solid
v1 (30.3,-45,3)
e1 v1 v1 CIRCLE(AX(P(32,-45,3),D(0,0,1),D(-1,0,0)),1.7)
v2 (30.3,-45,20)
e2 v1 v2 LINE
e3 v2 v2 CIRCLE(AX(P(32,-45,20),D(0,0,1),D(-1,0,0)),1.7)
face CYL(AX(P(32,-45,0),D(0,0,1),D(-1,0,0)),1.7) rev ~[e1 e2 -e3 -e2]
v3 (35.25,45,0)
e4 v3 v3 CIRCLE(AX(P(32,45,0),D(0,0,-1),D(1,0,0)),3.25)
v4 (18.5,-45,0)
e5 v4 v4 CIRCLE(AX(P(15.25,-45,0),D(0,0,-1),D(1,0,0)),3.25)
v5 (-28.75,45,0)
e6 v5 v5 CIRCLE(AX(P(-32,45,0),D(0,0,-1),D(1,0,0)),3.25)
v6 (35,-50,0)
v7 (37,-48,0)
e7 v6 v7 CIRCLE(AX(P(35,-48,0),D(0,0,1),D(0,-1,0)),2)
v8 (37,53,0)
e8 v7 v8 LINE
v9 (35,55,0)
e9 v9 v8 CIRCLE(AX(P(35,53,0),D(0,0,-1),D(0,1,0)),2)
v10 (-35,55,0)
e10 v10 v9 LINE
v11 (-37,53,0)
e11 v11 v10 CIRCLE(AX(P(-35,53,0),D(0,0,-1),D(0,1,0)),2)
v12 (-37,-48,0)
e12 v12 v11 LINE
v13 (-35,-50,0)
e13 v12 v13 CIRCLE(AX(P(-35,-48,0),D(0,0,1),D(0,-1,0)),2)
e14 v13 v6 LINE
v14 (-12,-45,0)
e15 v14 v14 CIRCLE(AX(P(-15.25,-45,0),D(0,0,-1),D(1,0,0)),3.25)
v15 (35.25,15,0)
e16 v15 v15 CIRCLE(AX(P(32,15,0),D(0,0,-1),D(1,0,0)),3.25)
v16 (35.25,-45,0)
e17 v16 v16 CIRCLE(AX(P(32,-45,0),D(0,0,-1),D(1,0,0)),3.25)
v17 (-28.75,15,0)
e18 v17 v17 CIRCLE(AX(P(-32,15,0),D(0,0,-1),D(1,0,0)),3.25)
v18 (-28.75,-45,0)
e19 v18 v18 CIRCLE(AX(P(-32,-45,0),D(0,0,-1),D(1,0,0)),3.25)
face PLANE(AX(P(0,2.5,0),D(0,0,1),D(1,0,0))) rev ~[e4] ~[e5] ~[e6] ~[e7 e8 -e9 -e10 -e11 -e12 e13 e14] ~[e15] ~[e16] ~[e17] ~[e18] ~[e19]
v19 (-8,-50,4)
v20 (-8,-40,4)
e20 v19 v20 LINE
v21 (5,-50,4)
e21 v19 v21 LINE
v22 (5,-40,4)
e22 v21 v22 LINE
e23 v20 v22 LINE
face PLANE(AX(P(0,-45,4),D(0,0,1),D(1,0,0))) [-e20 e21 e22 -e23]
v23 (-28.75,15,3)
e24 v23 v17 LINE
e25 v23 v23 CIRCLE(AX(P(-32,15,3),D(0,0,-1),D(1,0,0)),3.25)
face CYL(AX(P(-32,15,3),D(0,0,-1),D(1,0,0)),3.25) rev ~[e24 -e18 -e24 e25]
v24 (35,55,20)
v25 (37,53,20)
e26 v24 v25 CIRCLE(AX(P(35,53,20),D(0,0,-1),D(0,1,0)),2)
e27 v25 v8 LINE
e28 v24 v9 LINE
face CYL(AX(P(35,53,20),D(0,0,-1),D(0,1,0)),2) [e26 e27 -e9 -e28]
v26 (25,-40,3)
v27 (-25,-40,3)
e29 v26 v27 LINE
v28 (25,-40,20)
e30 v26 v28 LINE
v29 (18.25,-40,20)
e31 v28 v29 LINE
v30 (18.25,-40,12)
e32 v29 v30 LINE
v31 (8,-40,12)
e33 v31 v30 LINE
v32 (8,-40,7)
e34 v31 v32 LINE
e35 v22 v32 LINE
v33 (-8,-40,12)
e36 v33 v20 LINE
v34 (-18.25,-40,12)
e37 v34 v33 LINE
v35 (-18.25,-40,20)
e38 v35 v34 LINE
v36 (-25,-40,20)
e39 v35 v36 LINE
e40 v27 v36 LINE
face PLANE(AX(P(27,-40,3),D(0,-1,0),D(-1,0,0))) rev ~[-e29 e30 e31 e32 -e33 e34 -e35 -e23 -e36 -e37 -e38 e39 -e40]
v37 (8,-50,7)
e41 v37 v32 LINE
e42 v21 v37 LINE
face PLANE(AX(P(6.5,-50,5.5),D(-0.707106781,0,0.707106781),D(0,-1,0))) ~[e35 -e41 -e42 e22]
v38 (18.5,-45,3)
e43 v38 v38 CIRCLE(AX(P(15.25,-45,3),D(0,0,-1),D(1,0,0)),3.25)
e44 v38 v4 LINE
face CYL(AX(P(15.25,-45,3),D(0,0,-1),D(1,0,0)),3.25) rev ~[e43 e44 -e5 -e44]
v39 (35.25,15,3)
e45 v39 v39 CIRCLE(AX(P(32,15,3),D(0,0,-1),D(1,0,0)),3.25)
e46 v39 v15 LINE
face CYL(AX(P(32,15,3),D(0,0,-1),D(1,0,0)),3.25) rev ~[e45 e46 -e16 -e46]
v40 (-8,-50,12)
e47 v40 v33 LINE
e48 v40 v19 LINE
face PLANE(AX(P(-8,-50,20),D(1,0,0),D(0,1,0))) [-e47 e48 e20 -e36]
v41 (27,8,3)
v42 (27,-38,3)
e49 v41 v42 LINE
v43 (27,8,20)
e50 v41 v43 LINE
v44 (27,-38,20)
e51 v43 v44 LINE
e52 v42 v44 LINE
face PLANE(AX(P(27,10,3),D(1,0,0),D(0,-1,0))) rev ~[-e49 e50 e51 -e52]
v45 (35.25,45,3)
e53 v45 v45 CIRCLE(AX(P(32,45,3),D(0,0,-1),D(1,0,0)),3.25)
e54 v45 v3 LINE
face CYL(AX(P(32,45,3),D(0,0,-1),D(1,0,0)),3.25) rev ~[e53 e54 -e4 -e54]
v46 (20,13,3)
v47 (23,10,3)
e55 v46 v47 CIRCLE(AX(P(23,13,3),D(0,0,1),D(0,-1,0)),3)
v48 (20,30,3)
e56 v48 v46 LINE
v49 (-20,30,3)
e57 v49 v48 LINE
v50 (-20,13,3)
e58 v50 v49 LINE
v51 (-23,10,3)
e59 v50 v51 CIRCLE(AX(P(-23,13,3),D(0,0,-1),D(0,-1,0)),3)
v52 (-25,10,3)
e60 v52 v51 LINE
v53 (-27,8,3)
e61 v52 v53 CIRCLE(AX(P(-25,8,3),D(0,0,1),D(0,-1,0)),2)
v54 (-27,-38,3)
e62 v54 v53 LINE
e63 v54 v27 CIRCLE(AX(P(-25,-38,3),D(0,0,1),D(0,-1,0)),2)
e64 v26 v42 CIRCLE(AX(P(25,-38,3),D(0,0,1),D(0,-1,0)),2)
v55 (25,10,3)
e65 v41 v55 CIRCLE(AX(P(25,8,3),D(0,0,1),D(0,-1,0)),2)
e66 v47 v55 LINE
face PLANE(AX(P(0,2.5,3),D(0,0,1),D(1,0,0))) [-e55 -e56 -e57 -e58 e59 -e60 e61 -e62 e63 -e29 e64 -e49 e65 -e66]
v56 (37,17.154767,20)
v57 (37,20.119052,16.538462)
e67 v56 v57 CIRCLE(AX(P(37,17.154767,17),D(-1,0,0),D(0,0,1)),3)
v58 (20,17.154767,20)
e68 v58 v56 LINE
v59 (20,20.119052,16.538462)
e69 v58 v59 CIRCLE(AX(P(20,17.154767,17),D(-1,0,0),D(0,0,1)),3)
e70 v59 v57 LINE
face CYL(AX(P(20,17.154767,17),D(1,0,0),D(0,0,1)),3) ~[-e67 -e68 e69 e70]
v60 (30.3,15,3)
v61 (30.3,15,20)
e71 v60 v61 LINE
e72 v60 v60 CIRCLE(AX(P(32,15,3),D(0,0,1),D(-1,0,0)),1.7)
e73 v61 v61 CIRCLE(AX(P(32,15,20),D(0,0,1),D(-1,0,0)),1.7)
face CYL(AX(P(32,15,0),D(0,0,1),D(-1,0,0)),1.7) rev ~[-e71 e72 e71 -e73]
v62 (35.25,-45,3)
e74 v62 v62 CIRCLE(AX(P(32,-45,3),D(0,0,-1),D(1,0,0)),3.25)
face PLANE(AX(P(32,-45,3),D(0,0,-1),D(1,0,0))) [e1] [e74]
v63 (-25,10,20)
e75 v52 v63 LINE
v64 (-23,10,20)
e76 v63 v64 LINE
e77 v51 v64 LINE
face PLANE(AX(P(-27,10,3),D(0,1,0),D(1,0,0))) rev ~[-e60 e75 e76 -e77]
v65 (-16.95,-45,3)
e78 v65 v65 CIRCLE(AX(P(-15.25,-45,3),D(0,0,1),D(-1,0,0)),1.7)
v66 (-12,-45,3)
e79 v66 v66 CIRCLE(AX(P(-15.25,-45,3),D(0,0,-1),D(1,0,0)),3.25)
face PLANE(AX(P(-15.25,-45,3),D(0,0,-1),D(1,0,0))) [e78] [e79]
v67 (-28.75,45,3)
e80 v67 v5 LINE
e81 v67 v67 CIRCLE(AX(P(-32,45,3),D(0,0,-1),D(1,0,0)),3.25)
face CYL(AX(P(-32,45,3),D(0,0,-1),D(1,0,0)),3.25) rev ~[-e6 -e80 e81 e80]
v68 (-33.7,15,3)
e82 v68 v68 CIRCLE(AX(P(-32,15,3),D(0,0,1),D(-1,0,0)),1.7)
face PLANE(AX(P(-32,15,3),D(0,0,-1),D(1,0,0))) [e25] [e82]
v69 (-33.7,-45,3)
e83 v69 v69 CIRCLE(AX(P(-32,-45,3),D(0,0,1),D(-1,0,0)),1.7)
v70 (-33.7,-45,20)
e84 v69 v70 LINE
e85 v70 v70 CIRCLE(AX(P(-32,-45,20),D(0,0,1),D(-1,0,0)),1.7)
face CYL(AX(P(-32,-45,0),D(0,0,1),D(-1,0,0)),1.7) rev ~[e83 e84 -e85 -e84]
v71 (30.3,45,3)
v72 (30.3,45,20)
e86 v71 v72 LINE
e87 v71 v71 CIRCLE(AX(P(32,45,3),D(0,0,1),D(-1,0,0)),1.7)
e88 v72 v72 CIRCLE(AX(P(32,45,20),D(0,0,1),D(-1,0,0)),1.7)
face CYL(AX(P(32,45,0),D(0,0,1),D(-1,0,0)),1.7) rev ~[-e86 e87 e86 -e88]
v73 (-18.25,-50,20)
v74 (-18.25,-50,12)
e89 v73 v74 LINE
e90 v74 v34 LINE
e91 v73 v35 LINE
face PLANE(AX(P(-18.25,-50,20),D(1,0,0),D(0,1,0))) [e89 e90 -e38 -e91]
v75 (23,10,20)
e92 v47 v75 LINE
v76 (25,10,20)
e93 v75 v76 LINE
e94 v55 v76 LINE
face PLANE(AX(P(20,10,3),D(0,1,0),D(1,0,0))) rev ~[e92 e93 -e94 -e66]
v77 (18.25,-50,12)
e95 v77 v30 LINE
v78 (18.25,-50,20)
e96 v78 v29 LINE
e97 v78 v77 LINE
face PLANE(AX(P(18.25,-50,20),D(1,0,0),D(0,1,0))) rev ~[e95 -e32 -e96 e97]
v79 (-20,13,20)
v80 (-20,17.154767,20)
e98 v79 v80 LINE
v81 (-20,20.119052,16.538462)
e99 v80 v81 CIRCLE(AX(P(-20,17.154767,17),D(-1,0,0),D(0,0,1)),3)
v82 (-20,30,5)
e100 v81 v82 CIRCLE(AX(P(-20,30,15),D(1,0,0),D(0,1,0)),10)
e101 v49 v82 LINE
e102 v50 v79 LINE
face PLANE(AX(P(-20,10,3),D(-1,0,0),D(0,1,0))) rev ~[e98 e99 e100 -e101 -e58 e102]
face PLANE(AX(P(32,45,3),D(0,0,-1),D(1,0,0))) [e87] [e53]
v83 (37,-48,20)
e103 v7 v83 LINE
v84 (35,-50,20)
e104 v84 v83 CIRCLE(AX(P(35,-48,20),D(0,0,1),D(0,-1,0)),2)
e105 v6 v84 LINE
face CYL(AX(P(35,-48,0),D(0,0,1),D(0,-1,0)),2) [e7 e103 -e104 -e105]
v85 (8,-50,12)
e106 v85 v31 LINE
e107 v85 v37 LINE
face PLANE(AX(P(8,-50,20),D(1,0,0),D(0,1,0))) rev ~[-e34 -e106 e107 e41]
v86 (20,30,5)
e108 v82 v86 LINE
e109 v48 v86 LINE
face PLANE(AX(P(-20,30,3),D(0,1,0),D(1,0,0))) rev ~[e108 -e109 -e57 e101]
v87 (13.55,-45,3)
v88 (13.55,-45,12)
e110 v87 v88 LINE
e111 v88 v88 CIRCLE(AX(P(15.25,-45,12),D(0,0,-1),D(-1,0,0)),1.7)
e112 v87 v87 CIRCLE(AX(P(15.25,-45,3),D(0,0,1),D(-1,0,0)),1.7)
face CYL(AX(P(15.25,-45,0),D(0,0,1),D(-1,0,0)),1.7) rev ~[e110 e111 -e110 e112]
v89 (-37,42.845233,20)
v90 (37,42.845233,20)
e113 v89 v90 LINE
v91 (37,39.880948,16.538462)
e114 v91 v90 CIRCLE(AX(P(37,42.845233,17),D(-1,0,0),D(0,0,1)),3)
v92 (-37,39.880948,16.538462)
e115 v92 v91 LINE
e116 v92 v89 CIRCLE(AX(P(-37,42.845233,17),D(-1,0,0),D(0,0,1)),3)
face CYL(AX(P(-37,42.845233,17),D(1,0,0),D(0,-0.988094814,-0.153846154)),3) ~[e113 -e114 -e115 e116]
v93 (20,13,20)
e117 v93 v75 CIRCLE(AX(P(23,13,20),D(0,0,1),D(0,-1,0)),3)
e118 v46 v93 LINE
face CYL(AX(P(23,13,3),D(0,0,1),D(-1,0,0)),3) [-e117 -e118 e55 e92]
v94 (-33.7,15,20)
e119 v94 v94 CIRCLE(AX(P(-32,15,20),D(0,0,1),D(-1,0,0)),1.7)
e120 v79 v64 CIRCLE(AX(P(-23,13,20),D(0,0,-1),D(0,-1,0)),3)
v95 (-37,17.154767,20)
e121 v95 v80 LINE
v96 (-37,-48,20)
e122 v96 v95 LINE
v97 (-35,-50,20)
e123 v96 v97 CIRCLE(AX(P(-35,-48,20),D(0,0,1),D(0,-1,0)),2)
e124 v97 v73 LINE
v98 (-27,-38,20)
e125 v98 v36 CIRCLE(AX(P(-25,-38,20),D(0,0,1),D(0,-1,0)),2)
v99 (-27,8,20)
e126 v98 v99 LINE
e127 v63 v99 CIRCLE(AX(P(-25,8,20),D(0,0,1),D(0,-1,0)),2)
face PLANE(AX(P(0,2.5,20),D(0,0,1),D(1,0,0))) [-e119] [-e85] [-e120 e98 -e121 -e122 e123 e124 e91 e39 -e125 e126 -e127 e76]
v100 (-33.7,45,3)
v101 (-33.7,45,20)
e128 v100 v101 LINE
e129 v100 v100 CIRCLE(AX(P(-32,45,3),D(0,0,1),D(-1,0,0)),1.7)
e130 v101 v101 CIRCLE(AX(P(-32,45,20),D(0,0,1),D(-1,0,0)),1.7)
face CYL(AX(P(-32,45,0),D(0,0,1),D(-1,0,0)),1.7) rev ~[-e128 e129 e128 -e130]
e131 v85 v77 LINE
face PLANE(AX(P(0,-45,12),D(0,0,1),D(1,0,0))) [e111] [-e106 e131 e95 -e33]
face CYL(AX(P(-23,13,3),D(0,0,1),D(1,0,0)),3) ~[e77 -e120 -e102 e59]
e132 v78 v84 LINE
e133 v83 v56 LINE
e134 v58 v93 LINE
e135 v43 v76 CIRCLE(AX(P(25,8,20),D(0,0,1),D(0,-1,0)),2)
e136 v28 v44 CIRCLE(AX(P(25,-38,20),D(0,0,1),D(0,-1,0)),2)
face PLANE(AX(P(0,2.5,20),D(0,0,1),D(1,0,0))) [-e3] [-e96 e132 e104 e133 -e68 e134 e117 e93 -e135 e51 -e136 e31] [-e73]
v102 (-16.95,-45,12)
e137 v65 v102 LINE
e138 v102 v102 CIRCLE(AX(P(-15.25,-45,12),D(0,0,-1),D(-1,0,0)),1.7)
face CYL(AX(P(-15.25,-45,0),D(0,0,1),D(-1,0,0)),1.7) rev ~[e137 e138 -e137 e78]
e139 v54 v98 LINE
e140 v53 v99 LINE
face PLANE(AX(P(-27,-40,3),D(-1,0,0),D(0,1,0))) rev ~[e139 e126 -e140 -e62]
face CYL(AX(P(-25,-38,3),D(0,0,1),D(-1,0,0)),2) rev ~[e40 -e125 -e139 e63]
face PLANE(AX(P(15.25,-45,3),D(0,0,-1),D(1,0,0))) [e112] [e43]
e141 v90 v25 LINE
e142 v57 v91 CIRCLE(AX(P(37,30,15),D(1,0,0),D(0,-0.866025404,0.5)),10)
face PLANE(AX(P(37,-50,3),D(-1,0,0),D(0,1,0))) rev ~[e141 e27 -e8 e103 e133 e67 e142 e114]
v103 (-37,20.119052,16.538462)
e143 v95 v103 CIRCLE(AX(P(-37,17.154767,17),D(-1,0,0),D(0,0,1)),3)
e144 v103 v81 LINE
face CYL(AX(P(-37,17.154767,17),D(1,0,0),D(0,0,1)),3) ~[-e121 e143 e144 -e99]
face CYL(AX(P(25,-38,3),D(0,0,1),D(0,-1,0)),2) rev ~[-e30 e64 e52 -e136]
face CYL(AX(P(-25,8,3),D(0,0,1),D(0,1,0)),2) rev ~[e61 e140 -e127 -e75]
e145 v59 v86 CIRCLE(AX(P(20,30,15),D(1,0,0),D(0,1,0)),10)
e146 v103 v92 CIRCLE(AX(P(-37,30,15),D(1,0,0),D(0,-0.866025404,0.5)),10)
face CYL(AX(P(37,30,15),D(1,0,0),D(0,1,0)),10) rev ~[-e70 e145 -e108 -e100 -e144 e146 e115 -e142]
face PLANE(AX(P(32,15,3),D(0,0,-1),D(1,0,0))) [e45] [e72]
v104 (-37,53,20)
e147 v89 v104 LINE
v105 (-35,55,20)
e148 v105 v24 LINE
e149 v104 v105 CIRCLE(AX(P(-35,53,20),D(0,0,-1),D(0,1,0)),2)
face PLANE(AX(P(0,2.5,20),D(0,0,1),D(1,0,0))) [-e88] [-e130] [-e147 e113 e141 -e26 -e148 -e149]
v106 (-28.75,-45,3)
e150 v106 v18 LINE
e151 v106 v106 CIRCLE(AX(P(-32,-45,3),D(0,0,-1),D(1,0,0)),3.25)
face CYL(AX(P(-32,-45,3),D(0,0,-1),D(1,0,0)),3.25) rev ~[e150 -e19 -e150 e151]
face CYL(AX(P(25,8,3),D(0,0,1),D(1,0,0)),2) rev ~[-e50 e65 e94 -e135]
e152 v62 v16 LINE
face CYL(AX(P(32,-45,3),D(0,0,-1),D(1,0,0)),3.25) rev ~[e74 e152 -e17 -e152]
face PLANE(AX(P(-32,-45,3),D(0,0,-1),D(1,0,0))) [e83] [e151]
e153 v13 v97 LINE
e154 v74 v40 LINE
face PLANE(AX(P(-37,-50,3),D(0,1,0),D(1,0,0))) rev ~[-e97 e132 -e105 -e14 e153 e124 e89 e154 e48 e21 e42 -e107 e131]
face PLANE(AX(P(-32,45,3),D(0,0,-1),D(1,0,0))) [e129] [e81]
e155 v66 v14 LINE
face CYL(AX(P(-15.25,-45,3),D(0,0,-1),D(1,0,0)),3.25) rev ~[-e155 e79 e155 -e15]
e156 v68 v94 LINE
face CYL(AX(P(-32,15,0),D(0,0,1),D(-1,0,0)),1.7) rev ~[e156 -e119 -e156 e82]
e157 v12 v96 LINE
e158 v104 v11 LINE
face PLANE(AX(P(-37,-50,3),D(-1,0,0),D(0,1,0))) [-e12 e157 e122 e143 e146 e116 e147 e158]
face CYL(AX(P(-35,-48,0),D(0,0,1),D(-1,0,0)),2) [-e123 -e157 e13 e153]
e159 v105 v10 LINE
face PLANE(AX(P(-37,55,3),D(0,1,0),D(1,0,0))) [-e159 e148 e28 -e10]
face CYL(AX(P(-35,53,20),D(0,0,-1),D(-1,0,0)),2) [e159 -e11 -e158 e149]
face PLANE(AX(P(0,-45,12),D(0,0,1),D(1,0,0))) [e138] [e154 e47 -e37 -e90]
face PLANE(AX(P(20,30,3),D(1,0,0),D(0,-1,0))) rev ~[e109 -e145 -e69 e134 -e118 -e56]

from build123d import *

# Parameters (mm, degrees)
F1_W           = 74
F1_H           = 105
F2_DEPTH       = 3
F3_W           = 74
F3_H           = 105
F4_DEPTH       = 17
F5_R           = 10
F6_DEPTH       = 74.001
F8_D           = 3.4
F8_CBORE_D     = 6.5
F8_CBORE_DEPTH = 3
F9_R           = 2
F10_R          = 3
F11_R          = 2
F12_W          = 36.5
F12_H          = 10
F12_R          = 1.7
F13_DEPTH      = 8
F14_W          = 16
F14_H          = 10
F15_DEPTH      = 16
F16_SIZE       = 3
F17_R          = 3


with BuildPart() as f2:
    # F1 (on face) → F2 (new body)
    with BuildSketch(Plane.XY):
        with Locations((0, 2.5)):
            Rectangle(F1_W, F1_H)
    extrude(amount=F2_DEPTH)

    # F3 (on face) → F4 (join)
    with BuildSketch(Plane.XY.offset(3)):
        with Locations((0, 2.5)):
            Rectangle(F3_W, F3_H)
        Polygon((20, 10), (27, 10), (27, -40), (-27, -40), (-27, 10), (-20, 10), (-20, 30), (20, 30), align=None, mode=Mode.SUBTRACT)
    extrude(amount=F4_DEPTH)

    # F5 (on face) → F6 (cut, through all)
    with BuildSketch(Plane.YZ.offset(37)):
        with Locations((30, 15)):
            Circle(F5_R)
    extrude(amount=-F6_DEPTH, mode=Mode.SUBTRACT)

    # F8 (through all)
    with Locations(Plane(origin=(0, 0, 0), x_dir=(1, 0, 0), z_dir=(0, 0, -1))):
        with Locations((32, -15), (32, -45), (-32, -45), (-32, -15), (32, 45), (-32, 45), (-15.25, 45), (15.25, 45)):
            CounterBoreHole(F8_D / 2, F8_CBORE_D / 2, F8_CBORE_DEPTH)

    # F9
    f9_edges = [f2.edges().sort_by_distance(p)[0] for p in [
        (37, 55, 10),
        (-37, 55, 10),
        (37, -50, 10),
        (-37, -50, 10),
    ]]
    fillet(f9_edges, radius=F9_R)

    # F10
    f10_edges = [f2.edges().sort_by_distance(p)[0] for p in [
        (-20, 10, 11.5),
        (20, 10, 11.5),
    ]]
    fillet(f10_edges, radius=F10_R)

    # F11
    f11_edges = [f2.edges().sort_by_distance(p)[0] for p in [
        (27, 10, 11.5),
        (-27, 10, 11.5),
        (-27, -40, 11.5),
        (27, -40, 11.5),
    ]]
    fillet(f11_edges, radius=F11_R)

    # F12 (on face) → F13 (cut)
    with BuildSketch(Plane.XY.offset(20)):
        with Locations((0, -45)):
            Rectangle(F12_W, F12_H)
        with Locations((-15.25, -45)):
            Circle(F12_R, mode=Mode.SUBTRACT)
        with Locations((15.25, -45)):
            Circle(F12_R, mode=Mode.SUBTRACT)
    extrude(amount=-F13_DEPTH, mode=Mode.SUBTRACT)

    # F14 (on face) → F15 (cut)
    with BuildSketch(Plane.XY.offset(20)):
        with Locations((0, -45)):
            Rectangle(F14_W, F14_H)
    extrude(amount=-F15_DEPTH, mode=Mode.SUBTRACT)

    # F16
    f16_edges = [f2.edges().sort_by_distance(p)[0] for p in [
        (8, -45, 4),
    ]]
    chamfer(f16_edges, length=F16_SIZE)

    # F17
    f17_edges = [f2.edges().sort_by_distance(p)[0] for p in [
        (0, 38.660254, 20),
        (-28.5, 21.339746, 20),
        (28.5, 21.339746, 20),
    ]]
    fillet(f17_edges, radius=F17_R)


solid = f2.part
